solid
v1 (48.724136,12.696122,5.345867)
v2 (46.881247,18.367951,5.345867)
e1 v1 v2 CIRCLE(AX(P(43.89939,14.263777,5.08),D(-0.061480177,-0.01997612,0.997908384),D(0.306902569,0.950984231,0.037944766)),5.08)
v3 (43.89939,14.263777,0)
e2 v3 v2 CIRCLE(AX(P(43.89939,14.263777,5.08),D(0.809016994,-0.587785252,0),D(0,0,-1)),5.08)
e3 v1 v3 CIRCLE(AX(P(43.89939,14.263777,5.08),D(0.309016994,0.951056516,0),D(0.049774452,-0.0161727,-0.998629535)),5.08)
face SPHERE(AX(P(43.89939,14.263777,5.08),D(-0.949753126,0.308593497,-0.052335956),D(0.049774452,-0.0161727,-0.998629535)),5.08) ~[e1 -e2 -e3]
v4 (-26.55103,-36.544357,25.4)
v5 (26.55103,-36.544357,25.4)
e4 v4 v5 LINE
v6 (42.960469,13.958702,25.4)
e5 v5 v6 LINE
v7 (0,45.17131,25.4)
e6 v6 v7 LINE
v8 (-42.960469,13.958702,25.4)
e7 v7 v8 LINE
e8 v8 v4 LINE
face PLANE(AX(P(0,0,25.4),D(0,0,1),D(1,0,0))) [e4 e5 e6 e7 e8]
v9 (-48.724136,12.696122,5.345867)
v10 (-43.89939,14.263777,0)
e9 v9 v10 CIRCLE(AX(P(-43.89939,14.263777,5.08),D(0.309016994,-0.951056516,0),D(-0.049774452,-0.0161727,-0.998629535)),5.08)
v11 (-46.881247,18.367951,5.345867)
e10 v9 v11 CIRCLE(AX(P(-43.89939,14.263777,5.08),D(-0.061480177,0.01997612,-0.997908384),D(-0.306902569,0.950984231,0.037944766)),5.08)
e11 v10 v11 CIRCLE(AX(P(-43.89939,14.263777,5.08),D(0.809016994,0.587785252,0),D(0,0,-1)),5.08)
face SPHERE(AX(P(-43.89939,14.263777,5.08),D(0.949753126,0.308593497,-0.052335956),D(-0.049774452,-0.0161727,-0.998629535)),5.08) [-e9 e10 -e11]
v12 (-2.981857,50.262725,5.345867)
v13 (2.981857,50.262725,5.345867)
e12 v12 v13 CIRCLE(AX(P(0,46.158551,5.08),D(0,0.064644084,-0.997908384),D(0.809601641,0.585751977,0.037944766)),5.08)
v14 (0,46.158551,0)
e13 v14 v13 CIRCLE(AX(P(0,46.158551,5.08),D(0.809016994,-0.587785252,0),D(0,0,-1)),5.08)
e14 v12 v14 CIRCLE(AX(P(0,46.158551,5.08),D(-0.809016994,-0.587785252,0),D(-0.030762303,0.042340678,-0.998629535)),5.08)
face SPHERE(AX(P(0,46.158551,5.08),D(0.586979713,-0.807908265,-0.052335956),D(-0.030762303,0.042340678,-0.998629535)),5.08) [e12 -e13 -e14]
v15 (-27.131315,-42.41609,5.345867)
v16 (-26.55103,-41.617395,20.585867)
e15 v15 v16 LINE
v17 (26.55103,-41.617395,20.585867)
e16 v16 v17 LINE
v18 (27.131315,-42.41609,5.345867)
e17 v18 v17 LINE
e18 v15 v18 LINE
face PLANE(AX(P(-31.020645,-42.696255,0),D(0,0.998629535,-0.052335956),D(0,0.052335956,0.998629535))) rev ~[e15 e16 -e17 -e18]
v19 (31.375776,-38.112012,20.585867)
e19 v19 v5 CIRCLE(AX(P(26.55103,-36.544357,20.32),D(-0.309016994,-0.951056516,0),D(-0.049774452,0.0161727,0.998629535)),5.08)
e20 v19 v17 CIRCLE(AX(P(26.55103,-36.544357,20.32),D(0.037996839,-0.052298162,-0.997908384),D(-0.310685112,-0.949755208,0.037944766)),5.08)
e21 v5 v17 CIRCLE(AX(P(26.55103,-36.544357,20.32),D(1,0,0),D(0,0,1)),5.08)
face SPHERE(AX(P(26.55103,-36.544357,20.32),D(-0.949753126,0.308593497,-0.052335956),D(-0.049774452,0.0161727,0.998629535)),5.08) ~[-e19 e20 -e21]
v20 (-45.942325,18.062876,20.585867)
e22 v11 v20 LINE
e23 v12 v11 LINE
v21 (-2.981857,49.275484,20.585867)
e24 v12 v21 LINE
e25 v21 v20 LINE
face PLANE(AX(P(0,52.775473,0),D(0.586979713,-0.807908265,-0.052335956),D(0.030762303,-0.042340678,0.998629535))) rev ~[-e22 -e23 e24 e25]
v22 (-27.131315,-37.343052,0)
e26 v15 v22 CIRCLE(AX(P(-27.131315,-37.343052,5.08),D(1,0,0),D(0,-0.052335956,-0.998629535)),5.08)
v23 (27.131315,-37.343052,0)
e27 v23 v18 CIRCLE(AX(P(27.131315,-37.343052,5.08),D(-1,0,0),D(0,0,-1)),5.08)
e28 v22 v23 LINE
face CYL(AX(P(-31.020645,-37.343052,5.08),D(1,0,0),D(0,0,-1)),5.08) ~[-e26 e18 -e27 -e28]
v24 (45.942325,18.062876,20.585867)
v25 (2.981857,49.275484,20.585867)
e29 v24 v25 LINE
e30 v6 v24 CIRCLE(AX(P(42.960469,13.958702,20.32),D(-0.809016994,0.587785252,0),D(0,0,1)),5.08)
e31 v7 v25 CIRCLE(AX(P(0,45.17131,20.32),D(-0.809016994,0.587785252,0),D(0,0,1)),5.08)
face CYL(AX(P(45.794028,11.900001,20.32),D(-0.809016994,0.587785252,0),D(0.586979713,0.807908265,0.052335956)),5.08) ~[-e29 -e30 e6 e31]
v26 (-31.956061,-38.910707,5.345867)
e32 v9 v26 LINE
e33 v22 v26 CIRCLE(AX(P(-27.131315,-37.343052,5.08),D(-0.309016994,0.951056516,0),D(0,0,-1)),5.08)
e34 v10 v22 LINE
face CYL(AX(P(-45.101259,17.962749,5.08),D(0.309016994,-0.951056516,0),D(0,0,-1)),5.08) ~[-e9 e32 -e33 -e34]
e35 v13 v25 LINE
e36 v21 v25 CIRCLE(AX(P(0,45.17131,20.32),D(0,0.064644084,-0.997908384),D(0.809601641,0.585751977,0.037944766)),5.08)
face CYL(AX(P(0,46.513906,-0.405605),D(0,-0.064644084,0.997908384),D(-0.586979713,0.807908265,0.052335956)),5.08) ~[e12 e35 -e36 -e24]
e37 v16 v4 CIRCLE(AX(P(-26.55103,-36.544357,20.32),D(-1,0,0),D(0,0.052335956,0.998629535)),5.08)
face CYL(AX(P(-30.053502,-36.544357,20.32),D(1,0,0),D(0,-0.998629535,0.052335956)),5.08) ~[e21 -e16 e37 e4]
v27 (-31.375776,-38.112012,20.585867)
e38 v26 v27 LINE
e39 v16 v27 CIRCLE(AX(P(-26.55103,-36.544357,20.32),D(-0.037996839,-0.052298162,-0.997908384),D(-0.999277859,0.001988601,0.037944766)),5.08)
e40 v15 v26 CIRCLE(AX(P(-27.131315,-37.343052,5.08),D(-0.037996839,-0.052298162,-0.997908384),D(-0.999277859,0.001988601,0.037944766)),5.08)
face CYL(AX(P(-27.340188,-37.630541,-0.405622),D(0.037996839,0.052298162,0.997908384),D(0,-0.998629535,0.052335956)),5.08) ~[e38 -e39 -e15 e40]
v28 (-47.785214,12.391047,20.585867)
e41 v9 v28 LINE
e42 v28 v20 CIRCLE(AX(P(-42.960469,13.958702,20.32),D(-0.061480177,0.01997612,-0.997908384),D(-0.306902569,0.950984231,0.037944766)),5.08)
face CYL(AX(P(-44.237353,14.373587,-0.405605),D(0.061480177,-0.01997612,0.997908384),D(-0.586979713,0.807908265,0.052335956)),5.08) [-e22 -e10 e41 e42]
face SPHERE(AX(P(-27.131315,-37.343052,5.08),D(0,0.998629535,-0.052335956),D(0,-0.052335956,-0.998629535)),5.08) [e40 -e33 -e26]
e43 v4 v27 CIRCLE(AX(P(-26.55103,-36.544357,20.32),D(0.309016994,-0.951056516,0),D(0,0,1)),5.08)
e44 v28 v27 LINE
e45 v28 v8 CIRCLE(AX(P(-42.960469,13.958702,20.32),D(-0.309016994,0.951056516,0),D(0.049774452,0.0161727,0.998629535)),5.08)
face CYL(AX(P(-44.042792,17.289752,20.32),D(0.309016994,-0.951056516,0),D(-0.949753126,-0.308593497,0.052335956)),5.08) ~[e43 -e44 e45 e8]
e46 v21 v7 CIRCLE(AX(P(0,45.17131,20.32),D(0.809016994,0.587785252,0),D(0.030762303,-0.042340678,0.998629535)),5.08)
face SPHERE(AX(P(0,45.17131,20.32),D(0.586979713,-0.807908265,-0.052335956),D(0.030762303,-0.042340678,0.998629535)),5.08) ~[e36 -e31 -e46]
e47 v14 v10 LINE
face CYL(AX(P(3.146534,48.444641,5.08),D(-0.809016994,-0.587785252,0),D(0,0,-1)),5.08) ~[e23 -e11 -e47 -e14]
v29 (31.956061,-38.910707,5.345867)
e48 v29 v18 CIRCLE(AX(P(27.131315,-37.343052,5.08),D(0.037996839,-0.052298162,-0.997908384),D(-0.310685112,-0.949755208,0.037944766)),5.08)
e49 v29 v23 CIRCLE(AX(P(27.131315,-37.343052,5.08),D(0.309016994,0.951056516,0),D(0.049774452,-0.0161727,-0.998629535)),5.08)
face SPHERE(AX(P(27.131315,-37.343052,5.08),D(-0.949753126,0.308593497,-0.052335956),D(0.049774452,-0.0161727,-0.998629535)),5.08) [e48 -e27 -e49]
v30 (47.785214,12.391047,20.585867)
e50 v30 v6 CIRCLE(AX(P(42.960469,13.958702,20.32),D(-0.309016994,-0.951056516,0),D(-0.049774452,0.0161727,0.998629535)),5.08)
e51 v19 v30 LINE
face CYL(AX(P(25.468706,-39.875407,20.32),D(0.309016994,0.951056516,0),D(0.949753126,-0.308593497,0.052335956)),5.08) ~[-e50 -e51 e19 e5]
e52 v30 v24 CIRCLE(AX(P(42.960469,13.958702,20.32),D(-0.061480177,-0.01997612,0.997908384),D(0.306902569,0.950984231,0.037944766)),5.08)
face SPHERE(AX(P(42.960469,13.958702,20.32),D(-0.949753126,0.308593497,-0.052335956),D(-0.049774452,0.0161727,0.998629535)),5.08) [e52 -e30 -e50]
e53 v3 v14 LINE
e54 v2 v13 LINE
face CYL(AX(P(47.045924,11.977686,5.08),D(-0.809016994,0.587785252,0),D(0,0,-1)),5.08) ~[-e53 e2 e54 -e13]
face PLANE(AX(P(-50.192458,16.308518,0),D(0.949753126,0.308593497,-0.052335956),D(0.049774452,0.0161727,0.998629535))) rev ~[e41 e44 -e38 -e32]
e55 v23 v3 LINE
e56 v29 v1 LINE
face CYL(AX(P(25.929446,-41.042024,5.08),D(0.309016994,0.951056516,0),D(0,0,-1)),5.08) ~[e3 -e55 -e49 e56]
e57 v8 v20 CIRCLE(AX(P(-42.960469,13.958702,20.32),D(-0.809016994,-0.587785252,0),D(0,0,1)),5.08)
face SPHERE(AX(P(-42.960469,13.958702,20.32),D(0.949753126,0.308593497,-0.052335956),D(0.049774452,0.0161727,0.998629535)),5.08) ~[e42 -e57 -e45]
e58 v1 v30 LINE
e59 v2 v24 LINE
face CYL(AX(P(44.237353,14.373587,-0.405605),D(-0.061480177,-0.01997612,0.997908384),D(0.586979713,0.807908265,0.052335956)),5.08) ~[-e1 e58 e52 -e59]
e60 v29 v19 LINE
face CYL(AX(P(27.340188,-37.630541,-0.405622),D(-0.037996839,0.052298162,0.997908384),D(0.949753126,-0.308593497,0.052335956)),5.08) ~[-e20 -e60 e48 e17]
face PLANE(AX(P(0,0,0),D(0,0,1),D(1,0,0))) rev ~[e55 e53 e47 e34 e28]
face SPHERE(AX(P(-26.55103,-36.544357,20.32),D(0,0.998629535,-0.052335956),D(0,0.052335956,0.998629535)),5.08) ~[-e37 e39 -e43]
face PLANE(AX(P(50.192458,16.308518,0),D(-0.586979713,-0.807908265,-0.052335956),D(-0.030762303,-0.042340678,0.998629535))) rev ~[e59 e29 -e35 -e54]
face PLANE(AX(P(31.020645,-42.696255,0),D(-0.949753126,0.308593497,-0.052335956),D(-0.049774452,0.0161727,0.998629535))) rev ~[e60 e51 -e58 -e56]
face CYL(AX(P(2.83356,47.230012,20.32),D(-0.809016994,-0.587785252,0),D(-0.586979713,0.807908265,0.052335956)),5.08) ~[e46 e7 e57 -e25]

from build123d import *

# Parameters (mm, degrees)
F1_DEPTH = 25.4
F1_TAPER = 3
F2_R     = 5.08


with BuildPart() as f1:
    # F0 (on Top) → F1 (new body)
    with BuildSketch(Plane.XY):
        Polygon((0, 52.7754733818), (-50.1924578603, 16.3085181612), (-31.0206449366, -42.6962548521), (31.0206449366, -42.6962548521), (50.1924578603, 16.3085181612), align=None)
    extrude(amount=F1_DEPTH, taper=F1_TAPER)

    # F2
    f2_edges = [f1.edges().sort_by_distance(p)[0] for p in [
        (24.313794, 33.465067, 25.4),
        (-24.313794, 33.465067, 25.4),
        (-39.340545, -12.782518, 25.4),
        (0, -41.365097, 25.4),
        (39.340545, -12.782518, 25.4),
        (25.096229, 34.541996, 0),
        (-25.096229, 34.541996, 0),
        (-40.606551, -13.193868, 0),
        (0, -42.696255, 0),
        (40.606551, -13.193868, 0),
        (49.410023, 16.05429, 12.7),
        (30.537074, -42.030676, 12.7),
        (-30.537074, -42.030676, 12.7),
        (0, 51.952773, 12.7),
        (-49.410023, 16.05429, 12.700009),
    ]]
    fillet(f2_edges, radius=F2_R)


solid = f1.part
